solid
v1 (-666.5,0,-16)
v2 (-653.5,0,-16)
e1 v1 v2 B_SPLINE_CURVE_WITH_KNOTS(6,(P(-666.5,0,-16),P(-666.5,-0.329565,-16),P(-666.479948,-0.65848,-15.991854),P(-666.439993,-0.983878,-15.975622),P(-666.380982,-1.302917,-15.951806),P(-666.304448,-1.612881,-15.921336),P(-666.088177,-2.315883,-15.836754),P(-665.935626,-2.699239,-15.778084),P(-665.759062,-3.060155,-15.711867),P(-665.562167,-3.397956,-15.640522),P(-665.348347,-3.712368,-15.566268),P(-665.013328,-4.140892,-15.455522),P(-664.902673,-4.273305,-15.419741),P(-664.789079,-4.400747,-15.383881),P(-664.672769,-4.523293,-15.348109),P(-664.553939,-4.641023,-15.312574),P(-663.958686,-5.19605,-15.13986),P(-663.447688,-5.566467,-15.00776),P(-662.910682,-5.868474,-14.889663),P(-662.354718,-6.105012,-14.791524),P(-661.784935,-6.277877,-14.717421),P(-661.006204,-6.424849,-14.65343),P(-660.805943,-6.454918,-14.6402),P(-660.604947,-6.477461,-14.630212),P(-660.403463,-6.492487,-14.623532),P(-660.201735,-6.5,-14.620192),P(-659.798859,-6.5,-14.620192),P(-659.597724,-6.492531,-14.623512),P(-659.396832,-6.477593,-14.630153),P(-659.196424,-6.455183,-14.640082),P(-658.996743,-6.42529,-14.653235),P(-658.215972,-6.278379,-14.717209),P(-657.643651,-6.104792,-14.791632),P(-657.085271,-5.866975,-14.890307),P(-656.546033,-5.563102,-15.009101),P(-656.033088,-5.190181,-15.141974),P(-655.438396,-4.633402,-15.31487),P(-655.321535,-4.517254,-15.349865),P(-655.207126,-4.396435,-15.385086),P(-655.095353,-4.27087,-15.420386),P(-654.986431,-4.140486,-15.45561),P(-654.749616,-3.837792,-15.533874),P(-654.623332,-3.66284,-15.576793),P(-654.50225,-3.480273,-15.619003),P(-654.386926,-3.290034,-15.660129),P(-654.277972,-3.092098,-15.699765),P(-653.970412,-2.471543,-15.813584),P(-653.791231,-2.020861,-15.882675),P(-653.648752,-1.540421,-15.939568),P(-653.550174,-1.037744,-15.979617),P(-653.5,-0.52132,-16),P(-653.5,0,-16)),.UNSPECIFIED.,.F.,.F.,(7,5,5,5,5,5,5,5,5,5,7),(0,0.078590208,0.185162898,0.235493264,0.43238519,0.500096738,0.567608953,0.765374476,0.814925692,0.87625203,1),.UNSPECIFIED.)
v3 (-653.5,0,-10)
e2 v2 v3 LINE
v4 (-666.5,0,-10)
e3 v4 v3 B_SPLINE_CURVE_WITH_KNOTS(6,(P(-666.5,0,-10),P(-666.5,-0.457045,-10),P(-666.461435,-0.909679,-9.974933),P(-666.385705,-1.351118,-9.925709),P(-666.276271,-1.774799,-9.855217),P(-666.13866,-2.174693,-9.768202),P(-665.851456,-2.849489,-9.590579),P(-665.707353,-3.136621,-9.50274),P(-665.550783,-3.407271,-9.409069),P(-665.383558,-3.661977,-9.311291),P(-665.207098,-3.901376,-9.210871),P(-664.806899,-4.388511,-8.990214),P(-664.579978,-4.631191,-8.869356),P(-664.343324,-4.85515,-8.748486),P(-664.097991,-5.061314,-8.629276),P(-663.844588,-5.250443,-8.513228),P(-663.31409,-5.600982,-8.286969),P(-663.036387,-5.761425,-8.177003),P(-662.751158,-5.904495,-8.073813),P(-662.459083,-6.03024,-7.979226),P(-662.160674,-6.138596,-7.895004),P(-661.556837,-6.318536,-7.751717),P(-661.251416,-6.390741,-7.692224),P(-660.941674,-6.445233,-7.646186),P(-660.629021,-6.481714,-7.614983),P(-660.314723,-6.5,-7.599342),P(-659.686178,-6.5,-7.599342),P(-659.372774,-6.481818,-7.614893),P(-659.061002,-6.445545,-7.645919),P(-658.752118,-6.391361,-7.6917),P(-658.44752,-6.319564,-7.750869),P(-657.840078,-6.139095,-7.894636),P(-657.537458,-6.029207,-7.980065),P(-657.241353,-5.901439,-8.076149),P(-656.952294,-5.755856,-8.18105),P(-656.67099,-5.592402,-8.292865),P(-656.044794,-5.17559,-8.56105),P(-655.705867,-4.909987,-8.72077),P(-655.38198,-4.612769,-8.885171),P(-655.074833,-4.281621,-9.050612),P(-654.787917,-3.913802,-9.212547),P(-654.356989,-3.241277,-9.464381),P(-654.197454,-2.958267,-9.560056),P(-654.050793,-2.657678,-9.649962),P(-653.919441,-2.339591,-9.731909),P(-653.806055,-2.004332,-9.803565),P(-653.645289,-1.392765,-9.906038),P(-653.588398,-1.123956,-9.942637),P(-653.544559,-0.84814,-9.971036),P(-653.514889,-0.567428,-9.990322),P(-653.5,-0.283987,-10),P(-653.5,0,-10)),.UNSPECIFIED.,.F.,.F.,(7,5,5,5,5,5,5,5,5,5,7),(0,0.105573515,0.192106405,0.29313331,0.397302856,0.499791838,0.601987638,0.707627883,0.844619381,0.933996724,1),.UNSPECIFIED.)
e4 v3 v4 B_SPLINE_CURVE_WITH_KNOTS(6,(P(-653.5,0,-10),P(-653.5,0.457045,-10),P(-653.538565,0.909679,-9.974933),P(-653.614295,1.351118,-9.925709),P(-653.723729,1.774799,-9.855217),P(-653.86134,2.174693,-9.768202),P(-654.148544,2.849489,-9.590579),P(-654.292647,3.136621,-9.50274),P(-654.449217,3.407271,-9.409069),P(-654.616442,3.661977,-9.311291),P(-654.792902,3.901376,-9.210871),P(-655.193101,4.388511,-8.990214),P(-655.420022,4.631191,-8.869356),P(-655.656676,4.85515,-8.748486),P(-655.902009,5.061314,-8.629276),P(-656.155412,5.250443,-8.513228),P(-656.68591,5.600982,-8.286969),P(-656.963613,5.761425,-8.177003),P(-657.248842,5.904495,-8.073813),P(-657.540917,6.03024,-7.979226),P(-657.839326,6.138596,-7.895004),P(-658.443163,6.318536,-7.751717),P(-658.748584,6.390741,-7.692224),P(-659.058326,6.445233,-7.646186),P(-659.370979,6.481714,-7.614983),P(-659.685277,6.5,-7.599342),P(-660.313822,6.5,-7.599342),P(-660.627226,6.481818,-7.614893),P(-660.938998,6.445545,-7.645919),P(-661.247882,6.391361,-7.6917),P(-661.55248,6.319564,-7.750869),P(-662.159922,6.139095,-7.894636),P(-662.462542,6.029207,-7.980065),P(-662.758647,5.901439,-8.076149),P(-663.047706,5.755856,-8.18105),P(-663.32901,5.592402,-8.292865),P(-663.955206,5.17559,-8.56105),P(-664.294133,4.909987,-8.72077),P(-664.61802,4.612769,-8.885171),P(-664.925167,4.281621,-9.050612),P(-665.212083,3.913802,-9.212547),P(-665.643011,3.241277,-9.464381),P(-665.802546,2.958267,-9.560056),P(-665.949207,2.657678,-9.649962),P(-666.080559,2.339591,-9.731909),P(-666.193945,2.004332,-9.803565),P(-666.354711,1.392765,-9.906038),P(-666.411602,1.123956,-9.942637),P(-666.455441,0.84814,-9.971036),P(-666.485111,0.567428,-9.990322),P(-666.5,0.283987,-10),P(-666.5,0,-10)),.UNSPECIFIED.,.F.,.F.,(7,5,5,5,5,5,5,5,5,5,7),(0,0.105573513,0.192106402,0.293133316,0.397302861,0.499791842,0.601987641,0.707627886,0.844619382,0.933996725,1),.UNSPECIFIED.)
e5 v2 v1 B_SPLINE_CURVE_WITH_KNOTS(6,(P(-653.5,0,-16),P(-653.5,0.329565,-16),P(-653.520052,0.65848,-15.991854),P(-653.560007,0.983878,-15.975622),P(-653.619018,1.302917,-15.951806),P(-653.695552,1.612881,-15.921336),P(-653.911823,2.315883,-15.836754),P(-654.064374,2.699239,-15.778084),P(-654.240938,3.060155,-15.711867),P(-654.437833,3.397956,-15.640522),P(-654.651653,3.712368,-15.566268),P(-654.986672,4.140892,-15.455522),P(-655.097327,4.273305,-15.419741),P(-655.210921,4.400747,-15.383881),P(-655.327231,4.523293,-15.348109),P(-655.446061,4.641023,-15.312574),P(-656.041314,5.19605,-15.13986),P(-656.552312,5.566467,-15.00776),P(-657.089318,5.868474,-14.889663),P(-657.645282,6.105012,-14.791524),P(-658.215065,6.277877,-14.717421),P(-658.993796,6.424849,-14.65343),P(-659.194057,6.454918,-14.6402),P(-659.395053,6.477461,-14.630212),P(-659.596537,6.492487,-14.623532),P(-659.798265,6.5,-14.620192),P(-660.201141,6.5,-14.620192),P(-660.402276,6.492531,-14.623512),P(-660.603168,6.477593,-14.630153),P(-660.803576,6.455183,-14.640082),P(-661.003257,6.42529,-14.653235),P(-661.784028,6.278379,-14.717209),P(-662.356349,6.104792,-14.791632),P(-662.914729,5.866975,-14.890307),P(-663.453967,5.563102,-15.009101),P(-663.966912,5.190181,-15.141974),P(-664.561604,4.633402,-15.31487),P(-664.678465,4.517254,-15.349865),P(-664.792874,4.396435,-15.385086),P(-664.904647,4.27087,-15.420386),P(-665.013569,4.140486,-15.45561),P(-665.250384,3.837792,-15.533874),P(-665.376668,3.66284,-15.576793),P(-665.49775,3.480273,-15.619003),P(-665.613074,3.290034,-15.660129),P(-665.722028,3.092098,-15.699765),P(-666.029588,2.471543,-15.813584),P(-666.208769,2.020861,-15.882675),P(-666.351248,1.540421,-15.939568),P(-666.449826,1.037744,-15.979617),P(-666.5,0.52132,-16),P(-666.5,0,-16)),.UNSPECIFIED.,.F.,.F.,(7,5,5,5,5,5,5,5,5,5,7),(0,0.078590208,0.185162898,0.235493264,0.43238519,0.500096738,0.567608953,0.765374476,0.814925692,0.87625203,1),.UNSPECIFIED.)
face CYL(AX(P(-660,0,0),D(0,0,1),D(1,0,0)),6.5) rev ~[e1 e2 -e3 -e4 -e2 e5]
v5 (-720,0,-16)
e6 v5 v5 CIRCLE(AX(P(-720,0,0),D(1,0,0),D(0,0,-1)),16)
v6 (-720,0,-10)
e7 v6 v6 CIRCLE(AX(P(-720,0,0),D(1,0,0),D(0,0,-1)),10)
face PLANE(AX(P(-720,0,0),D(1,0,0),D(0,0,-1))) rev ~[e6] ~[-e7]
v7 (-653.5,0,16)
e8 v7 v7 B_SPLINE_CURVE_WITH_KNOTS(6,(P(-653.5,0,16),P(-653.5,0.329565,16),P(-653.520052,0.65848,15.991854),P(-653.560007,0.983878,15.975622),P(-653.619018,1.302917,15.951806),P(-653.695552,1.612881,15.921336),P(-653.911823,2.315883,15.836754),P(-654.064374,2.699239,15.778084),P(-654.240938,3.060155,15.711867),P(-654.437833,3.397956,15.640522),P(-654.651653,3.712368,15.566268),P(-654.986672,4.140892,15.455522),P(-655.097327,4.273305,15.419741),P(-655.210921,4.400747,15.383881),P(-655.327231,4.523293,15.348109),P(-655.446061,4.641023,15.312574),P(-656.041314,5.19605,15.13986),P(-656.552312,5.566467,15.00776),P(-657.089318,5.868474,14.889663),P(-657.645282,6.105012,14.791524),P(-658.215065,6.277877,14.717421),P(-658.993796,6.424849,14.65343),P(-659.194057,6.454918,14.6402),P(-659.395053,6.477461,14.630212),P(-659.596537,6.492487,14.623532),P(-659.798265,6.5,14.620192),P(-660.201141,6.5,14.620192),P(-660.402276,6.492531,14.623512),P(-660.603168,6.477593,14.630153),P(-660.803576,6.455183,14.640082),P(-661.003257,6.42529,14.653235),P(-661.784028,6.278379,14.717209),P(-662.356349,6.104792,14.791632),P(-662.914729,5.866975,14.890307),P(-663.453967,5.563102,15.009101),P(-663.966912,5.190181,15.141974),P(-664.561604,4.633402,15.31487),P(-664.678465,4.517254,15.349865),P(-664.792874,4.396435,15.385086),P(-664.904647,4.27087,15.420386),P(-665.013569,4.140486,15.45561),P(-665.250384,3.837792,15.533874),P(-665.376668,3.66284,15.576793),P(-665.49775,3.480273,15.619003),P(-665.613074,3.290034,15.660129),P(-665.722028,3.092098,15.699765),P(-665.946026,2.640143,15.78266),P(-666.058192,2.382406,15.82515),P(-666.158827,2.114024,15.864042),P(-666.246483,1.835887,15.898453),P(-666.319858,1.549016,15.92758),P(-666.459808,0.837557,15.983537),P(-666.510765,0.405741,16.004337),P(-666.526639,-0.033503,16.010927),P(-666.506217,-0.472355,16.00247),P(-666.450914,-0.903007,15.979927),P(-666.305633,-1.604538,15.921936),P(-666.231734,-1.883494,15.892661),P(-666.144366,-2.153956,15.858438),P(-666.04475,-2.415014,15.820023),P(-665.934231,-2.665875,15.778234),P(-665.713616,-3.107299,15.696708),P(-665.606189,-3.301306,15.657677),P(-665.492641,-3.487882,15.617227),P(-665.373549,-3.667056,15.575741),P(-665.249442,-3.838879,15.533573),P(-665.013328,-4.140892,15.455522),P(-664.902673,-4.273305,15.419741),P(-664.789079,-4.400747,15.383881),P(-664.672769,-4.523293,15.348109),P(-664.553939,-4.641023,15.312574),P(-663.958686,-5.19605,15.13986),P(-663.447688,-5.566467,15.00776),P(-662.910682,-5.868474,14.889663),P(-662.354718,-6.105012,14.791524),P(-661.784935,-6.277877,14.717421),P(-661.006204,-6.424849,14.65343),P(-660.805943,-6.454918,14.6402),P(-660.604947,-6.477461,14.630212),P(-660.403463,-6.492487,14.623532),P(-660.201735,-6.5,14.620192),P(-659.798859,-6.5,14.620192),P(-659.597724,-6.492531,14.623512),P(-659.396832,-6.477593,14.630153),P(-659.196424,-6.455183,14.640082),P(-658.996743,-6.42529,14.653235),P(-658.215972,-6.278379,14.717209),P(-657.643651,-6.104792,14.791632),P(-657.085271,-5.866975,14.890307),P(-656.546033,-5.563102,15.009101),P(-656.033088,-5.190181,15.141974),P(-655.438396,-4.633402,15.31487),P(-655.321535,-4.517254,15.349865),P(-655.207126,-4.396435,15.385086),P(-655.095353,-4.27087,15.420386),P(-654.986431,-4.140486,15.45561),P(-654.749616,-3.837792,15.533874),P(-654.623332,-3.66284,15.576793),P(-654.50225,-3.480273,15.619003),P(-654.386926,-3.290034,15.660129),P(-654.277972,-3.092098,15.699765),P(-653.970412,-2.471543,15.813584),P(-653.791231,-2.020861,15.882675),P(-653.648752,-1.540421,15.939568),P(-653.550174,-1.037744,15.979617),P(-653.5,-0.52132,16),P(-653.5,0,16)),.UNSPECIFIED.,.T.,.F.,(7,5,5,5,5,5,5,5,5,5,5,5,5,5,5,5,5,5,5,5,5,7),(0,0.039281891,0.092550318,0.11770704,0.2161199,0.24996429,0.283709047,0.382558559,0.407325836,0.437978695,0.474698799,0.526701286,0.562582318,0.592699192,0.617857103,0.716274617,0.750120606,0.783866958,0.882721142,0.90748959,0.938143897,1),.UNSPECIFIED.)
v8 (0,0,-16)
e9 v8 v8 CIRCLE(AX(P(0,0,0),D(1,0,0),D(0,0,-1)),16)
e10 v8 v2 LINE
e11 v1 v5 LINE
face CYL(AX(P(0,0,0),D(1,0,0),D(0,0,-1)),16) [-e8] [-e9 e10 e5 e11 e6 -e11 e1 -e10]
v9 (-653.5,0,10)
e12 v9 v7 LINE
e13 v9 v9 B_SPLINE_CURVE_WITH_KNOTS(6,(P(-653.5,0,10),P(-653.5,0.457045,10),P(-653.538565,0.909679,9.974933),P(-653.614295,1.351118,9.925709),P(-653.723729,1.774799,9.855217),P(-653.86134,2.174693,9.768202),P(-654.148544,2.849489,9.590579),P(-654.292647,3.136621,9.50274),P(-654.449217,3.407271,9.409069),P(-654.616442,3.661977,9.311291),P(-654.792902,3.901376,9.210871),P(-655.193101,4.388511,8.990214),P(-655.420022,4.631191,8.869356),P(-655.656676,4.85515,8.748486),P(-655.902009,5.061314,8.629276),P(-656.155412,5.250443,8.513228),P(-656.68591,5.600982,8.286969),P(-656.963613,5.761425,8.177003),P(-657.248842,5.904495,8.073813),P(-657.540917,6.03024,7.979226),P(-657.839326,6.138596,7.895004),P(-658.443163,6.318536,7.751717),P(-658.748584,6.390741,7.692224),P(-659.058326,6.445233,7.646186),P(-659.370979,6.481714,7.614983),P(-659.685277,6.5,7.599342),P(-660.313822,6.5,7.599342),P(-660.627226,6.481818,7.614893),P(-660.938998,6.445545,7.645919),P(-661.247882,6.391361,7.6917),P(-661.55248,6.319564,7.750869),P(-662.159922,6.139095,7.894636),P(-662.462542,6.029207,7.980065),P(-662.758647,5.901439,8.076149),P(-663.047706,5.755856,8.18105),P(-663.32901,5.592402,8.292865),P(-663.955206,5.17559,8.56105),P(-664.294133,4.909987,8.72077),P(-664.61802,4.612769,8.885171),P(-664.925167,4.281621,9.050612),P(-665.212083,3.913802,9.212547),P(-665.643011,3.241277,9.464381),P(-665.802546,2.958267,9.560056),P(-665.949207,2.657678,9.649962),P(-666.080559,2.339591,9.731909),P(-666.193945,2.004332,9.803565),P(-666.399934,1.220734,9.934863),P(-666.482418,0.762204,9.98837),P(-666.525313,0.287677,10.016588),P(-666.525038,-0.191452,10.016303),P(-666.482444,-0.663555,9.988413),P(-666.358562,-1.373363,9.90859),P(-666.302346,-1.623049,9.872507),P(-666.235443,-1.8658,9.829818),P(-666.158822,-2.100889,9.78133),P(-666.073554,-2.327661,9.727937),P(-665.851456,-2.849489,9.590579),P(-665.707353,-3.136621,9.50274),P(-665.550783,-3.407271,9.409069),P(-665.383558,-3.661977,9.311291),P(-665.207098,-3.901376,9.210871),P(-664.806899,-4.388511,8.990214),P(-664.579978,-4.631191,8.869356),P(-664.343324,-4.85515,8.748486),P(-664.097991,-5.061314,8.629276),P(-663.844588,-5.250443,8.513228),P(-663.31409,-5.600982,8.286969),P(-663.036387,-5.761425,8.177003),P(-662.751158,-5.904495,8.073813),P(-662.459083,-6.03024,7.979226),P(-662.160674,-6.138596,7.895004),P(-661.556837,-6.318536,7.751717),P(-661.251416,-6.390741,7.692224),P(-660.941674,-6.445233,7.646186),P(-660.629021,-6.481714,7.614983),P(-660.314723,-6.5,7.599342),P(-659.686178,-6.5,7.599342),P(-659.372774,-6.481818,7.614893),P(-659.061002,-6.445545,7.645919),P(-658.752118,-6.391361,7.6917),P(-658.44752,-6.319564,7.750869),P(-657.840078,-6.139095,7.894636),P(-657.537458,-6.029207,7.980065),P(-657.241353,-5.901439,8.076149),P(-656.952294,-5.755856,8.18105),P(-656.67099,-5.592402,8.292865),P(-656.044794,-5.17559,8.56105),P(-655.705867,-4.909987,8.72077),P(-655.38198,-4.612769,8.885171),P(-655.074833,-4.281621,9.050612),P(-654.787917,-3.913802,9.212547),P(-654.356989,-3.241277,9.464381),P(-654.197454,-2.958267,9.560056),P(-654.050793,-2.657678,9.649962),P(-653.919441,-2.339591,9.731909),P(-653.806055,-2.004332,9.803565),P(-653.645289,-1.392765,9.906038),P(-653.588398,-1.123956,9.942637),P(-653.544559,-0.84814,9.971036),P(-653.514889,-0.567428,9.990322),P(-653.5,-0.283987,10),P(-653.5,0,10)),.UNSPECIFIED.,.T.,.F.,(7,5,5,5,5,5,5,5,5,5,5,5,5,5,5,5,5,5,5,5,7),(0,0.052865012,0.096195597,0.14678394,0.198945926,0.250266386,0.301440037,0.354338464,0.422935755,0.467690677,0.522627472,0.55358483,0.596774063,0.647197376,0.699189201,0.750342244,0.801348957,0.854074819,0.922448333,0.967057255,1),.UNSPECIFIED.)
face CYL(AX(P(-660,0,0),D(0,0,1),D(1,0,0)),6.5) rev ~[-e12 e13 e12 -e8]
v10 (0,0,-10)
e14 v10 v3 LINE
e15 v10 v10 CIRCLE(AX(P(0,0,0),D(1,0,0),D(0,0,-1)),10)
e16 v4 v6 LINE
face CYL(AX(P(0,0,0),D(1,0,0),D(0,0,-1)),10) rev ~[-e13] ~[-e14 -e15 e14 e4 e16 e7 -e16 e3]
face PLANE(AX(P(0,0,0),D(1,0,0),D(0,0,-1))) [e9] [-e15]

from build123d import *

# Parameters (mm, degrees)
SKETCH1_R           = 16
SKETCH1_R_2         = 10
BOSS_EXTRUDE1_DEPTH = 720
SKETCH2_R           = 6.5
CUT_EXTRUDE1_DEPTH  = 29.5


with BuildPart() as part:
    # Sketch1 → Boss-Extrude1 (new body)
    with BuildSketch(Plane(origin=(0, 0, 0), x_dir=(0, 0, -1), z_dir=(1, 0, 0))):
        Circle(SKETCH1_R)
        Circle(SKETCH1_R_2, mode=Mode.SUBTRACT)
    extrude(amount=-BOSS_EXTRUDE1_DEPTH)

    # Sketch2 → Cut-Extrude1 (cut, symmetric)
    with BuildSketch(Plane.XY):
        with Locations((-660, 0)):
            Circle(SKETCH2_R)
    extrude(amount=CUT_EXTRUDE1_DEPTH, both=True, mode=Mode.SUBTRACT)


solid = part.part
